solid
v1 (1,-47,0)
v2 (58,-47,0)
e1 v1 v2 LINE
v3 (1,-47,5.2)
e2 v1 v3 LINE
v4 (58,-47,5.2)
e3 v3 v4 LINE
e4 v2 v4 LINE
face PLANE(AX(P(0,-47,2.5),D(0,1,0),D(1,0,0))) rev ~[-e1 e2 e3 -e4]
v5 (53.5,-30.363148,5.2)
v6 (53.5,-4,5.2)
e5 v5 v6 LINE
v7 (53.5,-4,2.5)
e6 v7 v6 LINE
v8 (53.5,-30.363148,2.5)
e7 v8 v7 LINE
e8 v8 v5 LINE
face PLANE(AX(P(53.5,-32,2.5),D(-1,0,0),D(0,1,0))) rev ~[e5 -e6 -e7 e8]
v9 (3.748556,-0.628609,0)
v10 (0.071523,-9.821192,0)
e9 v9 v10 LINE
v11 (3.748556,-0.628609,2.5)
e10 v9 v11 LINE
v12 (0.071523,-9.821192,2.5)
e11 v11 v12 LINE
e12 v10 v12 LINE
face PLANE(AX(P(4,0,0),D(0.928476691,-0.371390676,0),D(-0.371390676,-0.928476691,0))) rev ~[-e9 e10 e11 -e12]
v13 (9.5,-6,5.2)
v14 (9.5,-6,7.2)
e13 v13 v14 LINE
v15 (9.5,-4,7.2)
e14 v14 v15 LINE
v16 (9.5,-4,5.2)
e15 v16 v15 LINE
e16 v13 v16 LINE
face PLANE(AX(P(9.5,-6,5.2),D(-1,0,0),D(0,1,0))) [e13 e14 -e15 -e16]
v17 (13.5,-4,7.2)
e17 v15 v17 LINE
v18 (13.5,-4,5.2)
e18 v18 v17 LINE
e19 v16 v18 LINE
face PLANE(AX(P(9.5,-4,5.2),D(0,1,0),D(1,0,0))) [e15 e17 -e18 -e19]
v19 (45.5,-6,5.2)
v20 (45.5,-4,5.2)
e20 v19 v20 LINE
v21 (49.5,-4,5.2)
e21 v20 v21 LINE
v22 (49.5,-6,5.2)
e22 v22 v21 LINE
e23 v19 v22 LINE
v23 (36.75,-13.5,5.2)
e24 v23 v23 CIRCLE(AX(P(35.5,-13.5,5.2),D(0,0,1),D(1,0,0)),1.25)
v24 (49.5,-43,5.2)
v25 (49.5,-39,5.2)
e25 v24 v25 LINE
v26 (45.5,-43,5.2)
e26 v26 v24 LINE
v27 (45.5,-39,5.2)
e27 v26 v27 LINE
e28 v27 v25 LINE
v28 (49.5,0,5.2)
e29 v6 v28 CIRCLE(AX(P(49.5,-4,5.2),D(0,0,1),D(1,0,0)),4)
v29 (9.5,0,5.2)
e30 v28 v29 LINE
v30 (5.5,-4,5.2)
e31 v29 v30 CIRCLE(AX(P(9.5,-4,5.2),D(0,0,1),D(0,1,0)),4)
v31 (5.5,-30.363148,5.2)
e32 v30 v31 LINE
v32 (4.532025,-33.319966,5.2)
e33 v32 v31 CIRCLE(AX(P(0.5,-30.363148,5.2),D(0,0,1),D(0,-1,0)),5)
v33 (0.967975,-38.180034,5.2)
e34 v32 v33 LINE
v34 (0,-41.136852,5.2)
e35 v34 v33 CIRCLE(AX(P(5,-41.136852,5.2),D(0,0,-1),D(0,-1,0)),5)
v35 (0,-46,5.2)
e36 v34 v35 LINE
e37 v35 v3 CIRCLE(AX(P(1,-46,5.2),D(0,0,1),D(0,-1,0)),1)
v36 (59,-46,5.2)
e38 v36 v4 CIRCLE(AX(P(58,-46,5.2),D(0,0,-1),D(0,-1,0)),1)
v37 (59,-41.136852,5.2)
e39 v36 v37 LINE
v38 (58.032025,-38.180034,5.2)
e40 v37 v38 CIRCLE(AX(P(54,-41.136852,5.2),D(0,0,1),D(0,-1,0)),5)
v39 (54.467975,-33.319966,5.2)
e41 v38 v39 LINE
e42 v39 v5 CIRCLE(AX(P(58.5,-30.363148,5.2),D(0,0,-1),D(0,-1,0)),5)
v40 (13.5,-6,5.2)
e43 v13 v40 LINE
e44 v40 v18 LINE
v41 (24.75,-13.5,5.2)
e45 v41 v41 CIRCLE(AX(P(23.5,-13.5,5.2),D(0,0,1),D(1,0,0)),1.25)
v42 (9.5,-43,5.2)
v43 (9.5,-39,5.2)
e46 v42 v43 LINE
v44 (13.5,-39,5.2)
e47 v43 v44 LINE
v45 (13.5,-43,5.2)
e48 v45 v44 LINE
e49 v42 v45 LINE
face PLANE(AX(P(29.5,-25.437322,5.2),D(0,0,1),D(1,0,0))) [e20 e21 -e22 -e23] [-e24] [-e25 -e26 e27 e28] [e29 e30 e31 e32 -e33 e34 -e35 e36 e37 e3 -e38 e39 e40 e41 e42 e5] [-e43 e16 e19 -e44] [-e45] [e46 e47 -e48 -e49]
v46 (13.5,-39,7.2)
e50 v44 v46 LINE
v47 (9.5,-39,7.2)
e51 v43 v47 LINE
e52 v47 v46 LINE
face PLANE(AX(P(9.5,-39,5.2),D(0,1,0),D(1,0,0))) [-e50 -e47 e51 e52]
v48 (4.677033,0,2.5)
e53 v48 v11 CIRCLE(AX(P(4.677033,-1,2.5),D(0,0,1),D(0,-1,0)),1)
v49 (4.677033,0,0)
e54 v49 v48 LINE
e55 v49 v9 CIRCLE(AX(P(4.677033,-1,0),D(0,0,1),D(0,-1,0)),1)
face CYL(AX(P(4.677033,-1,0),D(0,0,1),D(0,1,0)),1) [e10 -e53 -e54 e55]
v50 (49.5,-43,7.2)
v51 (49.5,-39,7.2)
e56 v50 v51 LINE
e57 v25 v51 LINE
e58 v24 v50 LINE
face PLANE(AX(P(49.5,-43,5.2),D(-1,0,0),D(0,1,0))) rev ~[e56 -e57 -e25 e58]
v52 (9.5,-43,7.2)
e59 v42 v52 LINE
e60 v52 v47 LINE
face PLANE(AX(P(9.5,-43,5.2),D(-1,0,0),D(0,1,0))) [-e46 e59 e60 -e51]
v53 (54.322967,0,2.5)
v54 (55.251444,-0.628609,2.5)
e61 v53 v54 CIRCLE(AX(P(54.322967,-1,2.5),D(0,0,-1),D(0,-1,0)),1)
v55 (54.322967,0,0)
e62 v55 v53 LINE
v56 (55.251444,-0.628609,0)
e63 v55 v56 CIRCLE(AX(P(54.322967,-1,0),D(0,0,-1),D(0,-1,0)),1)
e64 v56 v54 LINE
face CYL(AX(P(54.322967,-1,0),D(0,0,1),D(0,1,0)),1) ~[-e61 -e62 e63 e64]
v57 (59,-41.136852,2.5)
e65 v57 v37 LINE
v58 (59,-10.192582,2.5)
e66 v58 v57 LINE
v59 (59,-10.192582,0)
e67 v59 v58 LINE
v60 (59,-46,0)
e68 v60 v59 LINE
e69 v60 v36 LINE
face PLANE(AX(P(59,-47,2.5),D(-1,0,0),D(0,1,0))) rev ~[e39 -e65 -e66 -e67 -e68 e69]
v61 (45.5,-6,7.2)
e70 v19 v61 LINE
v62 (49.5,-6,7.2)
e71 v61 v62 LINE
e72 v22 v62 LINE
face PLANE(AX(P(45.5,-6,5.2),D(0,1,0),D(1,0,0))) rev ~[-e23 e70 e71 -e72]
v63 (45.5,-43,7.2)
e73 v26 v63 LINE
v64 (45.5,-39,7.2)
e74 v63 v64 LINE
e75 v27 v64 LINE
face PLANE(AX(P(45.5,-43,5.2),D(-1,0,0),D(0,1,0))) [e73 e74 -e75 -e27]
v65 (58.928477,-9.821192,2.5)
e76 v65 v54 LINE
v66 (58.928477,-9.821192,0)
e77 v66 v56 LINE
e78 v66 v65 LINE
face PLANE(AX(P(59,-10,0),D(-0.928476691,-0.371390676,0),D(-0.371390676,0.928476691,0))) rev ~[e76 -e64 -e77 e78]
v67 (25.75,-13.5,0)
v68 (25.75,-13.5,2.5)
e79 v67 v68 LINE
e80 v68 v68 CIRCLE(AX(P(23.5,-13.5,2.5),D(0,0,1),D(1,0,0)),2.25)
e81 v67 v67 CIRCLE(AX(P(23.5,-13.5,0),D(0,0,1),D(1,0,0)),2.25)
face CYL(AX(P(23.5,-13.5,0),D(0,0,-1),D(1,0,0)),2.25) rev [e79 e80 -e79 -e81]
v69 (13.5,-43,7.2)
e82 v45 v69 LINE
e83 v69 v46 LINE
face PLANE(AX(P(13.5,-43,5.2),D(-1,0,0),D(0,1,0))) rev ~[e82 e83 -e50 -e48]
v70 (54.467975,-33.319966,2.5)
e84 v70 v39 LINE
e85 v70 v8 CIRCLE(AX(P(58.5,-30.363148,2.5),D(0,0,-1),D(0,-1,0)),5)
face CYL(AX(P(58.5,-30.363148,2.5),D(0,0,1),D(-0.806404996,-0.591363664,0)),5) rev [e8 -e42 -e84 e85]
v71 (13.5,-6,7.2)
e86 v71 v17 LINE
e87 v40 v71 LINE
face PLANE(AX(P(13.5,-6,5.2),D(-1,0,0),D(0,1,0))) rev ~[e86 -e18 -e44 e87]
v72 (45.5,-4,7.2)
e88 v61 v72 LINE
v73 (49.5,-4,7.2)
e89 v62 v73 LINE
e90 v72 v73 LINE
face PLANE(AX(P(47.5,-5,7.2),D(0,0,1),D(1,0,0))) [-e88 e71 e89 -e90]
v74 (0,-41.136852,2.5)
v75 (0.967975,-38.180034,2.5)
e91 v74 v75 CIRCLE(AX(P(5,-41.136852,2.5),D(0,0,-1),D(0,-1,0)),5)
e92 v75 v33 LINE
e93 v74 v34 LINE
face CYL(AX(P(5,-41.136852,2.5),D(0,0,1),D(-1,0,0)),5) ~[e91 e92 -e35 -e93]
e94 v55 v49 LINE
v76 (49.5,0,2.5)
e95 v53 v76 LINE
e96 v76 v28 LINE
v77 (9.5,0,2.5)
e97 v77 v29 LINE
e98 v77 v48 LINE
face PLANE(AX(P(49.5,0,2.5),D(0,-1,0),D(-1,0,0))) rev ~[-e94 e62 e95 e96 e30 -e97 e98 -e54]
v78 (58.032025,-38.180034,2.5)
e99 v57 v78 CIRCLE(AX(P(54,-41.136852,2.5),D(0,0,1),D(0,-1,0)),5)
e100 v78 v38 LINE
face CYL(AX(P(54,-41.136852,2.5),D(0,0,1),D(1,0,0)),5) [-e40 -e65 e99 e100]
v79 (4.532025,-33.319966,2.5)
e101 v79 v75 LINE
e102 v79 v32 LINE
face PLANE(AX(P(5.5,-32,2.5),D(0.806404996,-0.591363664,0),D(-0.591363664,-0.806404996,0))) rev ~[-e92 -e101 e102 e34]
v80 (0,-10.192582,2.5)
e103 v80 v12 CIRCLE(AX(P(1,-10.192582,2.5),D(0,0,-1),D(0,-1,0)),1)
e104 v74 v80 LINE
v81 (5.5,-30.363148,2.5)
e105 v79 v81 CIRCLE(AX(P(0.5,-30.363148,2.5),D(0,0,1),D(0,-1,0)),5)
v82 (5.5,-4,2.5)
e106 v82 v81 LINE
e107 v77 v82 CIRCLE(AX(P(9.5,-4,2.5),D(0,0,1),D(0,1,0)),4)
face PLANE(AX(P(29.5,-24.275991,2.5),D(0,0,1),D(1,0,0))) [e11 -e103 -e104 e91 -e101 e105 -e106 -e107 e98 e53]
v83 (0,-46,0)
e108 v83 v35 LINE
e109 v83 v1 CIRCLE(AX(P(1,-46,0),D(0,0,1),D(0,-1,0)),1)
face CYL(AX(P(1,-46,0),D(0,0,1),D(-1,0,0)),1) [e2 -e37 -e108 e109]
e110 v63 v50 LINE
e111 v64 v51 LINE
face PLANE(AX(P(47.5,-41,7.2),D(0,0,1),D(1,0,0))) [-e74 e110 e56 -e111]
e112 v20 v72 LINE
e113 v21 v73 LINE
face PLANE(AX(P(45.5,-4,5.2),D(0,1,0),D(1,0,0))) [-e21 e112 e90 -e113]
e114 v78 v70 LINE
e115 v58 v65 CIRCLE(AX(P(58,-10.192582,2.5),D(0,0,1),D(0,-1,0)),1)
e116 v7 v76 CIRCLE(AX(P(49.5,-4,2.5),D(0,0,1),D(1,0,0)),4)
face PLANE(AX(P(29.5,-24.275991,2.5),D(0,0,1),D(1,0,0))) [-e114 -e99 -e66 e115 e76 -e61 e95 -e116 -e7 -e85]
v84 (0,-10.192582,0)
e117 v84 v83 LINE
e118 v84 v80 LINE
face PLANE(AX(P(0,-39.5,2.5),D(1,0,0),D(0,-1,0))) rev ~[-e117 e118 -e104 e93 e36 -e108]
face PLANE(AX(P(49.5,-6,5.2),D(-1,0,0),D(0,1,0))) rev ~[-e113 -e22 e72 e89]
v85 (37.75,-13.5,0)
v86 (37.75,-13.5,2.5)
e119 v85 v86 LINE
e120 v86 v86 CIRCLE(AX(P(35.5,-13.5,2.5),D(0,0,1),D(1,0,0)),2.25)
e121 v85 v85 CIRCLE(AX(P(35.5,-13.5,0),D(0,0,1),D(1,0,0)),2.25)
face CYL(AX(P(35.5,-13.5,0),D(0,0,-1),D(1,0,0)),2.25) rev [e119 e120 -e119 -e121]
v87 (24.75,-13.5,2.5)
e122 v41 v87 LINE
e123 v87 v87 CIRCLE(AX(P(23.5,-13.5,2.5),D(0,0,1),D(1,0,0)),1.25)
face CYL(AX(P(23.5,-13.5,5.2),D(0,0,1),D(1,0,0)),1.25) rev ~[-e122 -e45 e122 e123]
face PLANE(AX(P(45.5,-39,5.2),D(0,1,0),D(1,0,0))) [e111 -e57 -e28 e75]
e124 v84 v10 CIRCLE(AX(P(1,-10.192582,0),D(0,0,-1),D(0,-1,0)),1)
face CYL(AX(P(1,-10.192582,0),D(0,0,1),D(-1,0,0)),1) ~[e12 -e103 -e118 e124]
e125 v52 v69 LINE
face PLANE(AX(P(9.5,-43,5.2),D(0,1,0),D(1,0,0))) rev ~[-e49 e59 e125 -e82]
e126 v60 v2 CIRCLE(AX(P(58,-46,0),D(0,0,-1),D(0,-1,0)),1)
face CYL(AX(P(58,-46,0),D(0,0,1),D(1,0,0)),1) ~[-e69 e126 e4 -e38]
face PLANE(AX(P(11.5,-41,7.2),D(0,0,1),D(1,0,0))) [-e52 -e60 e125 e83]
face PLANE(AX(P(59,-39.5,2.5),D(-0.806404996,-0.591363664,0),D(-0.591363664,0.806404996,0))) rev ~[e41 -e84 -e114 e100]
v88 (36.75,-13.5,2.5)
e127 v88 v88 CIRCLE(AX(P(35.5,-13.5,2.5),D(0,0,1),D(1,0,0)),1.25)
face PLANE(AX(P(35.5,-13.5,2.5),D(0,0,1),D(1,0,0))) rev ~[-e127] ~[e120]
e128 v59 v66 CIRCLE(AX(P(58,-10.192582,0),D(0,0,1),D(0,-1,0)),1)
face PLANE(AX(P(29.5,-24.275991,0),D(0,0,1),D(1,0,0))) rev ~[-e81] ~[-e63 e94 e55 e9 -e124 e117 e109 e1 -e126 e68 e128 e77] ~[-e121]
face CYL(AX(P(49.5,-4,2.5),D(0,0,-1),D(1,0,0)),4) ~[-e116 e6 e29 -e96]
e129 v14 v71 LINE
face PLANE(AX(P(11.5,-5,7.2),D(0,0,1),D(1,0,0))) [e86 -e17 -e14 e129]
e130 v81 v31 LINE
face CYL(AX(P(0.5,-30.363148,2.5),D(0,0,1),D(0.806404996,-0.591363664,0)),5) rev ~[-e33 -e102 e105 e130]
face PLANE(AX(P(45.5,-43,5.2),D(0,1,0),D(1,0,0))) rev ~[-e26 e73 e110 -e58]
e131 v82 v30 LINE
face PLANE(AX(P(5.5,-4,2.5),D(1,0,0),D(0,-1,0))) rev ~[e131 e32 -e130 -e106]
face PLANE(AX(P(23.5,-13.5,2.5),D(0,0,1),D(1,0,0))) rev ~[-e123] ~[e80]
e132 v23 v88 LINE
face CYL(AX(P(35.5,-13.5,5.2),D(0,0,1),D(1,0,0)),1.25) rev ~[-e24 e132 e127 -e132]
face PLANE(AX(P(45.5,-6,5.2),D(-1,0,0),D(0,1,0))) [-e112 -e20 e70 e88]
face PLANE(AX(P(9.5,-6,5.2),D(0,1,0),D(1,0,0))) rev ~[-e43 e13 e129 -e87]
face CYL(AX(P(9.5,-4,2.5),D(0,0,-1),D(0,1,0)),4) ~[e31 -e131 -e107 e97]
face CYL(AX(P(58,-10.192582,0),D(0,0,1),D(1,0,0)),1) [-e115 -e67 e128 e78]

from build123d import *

# Parameters (mm, degrees)
F1_DEPTH  = 2.5
F3_DEPTH  = 2.7
F4_R      = 1
F5_R      = 5
F6_W      = 4
F6_H      = 2
F6_H_2    = 4
F7_DEPTH  = 2
F8_R      = 1.25
F9_DEPTH  = 6
F10_R     = 2.25
F11_DEPTH = 2.5


with BuildPart() as f1:
    # F0 (on Top) → F1 (new body)
    with BuildSketch(Plane.XY):
        Polygon((55, 0), (4, 0), (0, -10), (0, -47), (59, -47), (59, -10), align=None)
    extrude(amount=F1_DEPTH)

    # F2 (on face) → F3 (join)
    with BuildSketch(Plane.XY.offset(2.5)):
        with BuildLine():
            Line((0, -39.5), (0, -47))
            Line((0, -47), (59, -47))
            Line((59, -47), (59, -39.5))
            Line((59, -39.5), (53.5, -32))
            Line((53.5, -32), (53.5, -4))
            ThreePointArc((53.5, -4), (52.3284271247, -1.1715728753), (49.5, 0))
            Line((49.5, 0), (9.5, 0))
            ThreePointArc((9.5, 0), (6.6715728753, -1.1715728753), (5.5, -4))
            Line((5.5, -4), (5.5, -32))
            Line((5.5, -32), (0, -39.5))
        make_face()
    extrude(amount=F3_DEPTH)

    # F4
    f4_edges = [f1.edges().sort_by_distance(p)[0] for p in [
        (0, -47, 2.6),
        (59, -47, 2.6),
        (4, 0, 1.25),
        (55, 0, 1.25),
        (59, -10, 1.25),
        (0, -10, 1.25),
    ]]
    fillet(f4_edges, radius=F4_R)

    # F5
    f5_edges = [f1.edges().sort_by_distance(p)[0] for p in [
        (0, -39.5, 3.85),
        (59, -39.5, 3.85),
        (53.5, -32, 3.85),
        (5.5, -32, 3.85),
    ]]
    fillet(f5_edges, radius=F5_R)

    # F6 (on face) → F7 (join)
    with BuildSketch(Plane.XY.offset(5.2)):
        with Locations((11.5, -5)):
            Rectangle(F6_W, F6_H)
        with Locations((11.5, -41)):
            Rectangle(F6_W, F6_H_2)
        with Locations((47.5, -5)):
            Rectangle(F6_W, F6_H)
        with Locations((47.5, -41)):
            Rectangle(F6_W, F6_H_2)
    extrude(amount=F7_DEPTH)

    # F8 (on face) → F9 (cut)
    with BuildSketch(Plane.XY.offset(5.2)):
        with Locations((23.5, -13.5)):
            Circle(F8_R)
        with Locations((35.5, -13.5)):
            Circle(F8_R)
    extrude(amount=-F9_DEPTH, mode=Mode.SUBTRACT)

    # F10 (on face) → F11 (cut)
    with BuildSketch(Plane.XY):
        with Locations((35.5, -13.5)):
            Circle(F10_R)
        with Locations((23.5, -13.5)):
            Circle(F10_R)
    extrude(amount=F11_DEPTH, mode=Mode.SUBTRACT)


solid = f1.part
